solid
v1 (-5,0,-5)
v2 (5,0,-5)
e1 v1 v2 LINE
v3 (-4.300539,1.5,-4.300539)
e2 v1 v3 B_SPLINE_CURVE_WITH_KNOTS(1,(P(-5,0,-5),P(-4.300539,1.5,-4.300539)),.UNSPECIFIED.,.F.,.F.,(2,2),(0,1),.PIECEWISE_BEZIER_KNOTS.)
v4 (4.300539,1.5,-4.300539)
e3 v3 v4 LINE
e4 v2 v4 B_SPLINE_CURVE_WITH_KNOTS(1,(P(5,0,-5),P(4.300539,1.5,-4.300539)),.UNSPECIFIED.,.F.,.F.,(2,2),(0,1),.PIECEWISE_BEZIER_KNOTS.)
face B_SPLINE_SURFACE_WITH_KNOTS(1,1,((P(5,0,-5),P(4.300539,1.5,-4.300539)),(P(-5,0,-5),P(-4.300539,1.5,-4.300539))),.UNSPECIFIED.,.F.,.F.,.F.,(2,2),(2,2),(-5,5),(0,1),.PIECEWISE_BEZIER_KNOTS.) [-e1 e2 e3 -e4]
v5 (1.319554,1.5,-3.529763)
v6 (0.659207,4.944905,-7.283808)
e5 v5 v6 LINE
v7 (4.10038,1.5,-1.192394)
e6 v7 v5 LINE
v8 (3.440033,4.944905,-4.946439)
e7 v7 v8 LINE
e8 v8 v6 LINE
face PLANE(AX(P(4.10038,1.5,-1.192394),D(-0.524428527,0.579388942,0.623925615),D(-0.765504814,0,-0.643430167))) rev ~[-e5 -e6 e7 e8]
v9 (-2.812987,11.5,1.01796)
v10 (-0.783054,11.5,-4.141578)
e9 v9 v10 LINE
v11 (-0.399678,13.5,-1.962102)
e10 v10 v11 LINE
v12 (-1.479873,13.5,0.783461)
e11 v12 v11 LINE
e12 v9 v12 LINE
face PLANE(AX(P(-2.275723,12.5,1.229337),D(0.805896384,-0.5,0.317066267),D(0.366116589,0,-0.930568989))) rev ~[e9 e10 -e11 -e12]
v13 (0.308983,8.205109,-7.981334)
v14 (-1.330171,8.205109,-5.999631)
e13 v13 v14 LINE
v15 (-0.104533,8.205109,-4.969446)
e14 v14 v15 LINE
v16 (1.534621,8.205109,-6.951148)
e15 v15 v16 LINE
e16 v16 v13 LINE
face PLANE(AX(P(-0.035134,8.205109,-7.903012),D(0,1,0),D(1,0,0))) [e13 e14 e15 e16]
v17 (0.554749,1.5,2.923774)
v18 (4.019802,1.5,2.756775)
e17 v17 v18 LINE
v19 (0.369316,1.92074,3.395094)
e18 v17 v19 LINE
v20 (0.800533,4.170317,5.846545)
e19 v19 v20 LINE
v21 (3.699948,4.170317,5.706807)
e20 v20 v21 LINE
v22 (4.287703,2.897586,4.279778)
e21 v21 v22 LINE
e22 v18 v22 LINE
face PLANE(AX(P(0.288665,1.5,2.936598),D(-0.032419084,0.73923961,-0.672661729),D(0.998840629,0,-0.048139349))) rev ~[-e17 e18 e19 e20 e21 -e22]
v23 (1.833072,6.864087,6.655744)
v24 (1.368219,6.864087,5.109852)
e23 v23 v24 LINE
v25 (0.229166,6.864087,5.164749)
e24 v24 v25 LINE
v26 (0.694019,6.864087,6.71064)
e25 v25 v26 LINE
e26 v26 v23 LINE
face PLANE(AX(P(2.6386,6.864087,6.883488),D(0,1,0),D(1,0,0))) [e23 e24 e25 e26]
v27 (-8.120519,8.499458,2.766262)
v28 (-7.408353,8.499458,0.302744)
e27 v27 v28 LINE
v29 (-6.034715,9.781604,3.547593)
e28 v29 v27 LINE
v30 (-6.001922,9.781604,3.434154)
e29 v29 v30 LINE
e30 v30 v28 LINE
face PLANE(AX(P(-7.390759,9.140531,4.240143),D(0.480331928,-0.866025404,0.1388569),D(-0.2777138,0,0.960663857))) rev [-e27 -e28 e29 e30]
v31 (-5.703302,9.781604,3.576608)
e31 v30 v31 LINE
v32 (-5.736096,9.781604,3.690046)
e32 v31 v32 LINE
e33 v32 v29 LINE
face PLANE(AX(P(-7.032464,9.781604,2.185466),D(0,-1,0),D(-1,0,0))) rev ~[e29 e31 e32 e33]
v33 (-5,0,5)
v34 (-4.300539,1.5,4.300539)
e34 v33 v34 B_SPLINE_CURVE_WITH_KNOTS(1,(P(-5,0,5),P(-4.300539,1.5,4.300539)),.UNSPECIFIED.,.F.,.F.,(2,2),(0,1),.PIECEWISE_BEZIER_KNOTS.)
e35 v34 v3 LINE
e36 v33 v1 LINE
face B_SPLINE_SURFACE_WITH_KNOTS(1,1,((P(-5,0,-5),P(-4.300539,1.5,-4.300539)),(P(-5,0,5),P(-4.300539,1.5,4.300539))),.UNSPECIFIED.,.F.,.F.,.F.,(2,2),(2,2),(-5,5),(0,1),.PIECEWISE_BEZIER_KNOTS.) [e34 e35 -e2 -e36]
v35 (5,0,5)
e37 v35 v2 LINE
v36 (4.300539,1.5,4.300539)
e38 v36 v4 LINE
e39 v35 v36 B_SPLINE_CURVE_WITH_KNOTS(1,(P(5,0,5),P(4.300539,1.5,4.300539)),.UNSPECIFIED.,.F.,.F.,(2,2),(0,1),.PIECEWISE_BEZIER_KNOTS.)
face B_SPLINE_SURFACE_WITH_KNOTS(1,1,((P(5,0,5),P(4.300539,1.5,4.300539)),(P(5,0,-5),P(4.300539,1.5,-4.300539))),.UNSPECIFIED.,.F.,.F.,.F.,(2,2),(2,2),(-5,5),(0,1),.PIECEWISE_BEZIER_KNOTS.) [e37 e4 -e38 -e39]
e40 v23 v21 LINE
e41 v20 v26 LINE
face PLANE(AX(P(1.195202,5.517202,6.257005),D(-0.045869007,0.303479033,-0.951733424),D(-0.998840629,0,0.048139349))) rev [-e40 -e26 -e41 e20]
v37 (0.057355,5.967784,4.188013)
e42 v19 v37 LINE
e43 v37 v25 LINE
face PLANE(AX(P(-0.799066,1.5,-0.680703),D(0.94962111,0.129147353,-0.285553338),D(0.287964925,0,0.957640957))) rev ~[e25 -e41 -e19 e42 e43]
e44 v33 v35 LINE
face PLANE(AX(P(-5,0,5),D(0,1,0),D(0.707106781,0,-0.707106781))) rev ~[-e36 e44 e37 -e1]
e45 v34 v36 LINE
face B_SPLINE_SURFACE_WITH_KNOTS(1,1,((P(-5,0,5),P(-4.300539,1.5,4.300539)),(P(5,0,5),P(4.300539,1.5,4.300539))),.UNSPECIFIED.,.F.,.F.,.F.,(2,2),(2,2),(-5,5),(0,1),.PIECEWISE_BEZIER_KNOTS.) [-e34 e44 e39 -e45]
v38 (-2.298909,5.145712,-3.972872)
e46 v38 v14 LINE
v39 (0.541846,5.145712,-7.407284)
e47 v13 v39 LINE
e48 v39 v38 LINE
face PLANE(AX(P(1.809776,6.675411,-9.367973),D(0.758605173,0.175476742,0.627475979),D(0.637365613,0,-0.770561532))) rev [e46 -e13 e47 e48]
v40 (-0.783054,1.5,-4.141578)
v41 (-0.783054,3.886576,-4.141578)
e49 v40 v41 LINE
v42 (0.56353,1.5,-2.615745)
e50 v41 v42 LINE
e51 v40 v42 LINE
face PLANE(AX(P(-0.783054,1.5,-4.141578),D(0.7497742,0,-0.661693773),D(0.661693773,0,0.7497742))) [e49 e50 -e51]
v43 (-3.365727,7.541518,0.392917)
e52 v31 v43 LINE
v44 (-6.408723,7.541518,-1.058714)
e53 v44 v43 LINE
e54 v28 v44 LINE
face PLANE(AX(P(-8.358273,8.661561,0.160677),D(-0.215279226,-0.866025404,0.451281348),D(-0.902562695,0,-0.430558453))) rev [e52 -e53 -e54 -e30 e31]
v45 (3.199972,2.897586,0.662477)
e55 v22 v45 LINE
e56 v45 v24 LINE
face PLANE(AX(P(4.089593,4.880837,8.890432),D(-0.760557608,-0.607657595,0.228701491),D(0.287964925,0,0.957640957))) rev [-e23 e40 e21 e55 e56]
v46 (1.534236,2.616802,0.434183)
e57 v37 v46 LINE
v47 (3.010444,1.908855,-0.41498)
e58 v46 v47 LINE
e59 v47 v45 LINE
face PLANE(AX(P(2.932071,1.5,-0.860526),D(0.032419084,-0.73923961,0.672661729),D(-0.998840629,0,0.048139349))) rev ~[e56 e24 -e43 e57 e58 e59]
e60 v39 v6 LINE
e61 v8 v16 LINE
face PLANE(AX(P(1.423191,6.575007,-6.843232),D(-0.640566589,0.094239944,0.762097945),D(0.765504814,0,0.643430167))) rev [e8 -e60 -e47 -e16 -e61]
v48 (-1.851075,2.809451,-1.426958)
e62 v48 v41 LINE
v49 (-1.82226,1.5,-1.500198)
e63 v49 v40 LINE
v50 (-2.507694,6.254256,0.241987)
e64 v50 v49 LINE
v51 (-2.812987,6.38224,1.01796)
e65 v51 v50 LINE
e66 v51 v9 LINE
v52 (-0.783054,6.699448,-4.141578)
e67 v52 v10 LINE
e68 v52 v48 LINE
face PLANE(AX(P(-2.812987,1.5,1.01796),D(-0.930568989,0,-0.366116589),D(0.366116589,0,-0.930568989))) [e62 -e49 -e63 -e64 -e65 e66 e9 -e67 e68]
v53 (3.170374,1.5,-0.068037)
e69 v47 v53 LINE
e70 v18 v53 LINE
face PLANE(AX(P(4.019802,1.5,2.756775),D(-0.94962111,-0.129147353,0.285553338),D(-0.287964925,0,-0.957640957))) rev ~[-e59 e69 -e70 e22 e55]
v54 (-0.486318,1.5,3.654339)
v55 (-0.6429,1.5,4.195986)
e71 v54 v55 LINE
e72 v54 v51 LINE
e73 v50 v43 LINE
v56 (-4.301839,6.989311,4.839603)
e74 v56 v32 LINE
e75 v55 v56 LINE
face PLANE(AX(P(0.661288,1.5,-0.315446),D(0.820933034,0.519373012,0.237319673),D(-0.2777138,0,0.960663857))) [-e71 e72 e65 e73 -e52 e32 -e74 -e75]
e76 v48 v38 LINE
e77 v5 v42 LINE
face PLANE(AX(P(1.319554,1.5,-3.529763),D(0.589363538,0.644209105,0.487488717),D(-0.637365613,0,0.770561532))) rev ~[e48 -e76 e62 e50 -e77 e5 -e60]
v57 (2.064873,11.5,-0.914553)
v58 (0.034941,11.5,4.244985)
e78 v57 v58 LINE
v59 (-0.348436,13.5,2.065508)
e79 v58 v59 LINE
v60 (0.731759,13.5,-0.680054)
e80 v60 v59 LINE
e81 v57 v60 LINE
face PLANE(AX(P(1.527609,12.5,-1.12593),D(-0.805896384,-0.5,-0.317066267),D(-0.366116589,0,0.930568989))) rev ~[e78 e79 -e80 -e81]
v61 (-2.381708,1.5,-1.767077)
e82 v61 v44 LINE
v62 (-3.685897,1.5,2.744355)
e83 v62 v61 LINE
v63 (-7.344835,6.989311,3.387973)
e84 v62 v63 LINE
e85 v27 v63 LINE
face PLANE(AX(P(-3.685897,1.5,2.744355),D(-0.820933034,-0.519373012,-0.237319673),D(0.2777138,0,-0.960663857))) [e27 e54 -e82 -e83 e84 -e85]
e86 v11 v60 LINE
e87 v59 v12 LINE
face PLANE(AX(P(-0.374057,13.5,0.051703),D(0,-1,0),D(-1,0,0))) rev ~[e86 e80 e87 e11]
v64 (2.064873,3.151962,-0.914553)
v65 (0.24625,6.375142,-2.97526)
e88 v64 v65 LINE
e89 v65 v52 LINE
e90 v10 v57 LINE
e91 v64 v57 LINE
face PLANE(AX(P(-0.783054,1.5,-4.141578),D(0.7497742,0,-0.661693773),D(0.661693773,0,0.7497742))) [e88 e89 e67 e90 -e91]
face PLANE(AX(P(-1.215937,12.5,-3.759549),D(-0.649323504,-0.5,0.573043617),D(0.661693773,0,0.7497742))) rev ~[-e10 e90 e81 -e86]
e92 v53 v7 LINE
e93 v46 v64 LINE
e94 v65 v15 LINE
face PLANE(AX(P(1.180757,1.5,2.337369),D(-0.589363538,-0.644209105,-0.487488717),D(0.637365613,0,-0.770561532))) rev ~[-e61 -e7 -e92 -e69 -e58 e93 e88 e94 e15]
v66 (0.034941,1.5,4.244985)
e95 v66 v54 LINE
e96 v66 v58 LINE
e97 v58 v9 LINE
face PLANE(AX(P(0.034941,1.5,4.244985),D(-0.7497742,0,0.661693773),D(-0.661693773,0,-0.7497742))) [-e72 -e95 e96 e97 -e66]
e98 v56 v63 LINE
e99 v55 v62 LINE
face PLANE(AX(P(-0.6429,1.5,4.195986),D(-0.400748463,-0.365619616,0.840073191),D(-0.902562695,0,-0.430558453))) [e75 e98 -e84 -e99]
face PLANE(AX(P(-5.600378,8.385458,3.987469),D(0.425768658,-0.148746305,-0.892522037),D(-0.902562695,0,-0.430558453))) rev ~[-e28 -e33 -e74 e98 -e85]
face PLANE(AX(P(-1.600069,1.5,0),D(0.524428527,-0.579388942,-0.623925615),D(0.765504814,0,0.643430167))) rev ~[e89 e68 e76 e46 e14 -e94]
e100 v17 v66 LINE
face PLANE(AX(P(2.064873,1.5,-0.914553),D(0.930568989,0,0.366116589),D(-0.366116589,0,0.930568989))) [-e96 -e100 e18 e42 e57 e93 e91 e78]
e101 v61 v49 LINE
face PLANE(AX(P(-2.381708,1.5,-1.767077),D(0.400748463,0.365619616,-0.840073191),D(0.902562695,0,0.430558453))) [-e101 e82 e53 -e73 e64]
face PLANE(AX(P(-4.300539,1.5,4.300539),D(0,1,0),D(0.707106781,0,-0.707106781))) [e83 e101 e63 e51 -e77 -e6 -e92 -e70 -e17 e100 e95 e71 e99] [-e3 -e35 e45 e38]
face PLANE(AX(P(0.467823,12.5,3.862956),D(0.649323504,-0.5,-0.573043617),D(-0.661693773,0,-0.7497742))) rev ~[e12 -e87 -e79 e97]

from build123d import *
from OCP.BRepFilletAPI import BRepFilletAPI_MakeChamfer

# Parameters (mm, degrees)
SKETCH1_W           = 10
SKETCH1_H           = 10
BOSS_EXTRUDE1_DEPTH = 1.5
BOSS_EXTRUDE1_TAPER = 25
BOSS_EXTRUDE2_DEPTH = 12
CHAMFER1_SIZE       = 2
CHAMFER1_SIZE2      = 1.154700538
BOSS_EXTRUDE3_DEPTH = 10
CHAMFER2_SIZE       = 3
CHAMFER2_SIZE2      = 2.406716572
CHAMFER2_SIZE2_2    = 1.500380386
CHAMFER2_SIZE2_3    = 1.516874639
BOSS_EXTRUDE4_DEPTH = 8
BOSS_EXTRUDE5_DEPTH = 10
CHAMFER3_SIZE       = 4
CHAMFER3_SIZE2      = 2.031521954
CHAMFER3_SIZE2_2    = 2.008940765
CHAMFER3_SIZE2_3    = 2.098992436
CHAMFER3_SIZE2_4    = 2.518260147


with BuildPart() as part:
    # Sketch1 → Boss-Extrude1 (new body)
    with BuildSketch(Plane(origin=(0, 0, 0), x_dir=(1, 0, 0), z_dir=(0, 1, 0))):
        Rectangle(SKETCH1_W, SKETCH1_H)
    extrude(amount=BOSS_EXTRUDE1_DEPTH, taper=BOSS_EXTRUDE1_TAPER)

    # Sketch2 → Boss-Extrude2 (add)
    with BuildSketch(Plane(origin=(0, 1.5, 0), x_dir=(1, 0, 0), z_dir=(0, 1, 0))):
        Polygon((-2.812986954, -1.017959657), (-0.78305427, 4.14157821), (2.064873257, 0.914552857), (0.034940573, -4.24498501), align=None)
    extrude(amount=BOSS_EXTRUDE2_DEPTH)

    # Chamfer1: one chamfer whose edges measure the first distance from different faces: ONE call of the kernel's chamfer builder (chamfer() names one face for all edges)
    chamfer1_edges_1 = [part.edges().sort_by_distance(p)[0] for p in [
        (-1.389023191, 13.5, 2.631472333),
    ]]
    chamfer1_side_1 = [part.faces().sort_by_distance(p)[0] for p in [
        (-1.389023191, 7.5, 2.631472333),
    ]]
    chamfer1_edges_2 = [part.edges().sort_by_distance(p)[0] for p in [
        (1.049906915, 13.5, 1.665216077),
    ]]
    chamfer1_side_2 = [part.faces().sort_by_distance(p)[0] for p in [
        (1.049906915, 7.5, 1.665216077),
    ]]
    chamfer1_edges_3 = [part.edges().sort_by_distance(p)[0] for p in [
        (0.640909494, 13.5, -2.528065533),
    ]]
    chamfer1_side_3 = [part.faces().sort_by_distance(p)[0] for p in [
        (0.640909494, 7.5, -2.528065533),
    ]]
    chamfer1_edges_4 = [part.edges().sort_by_distance(p)[0] for p in [
        (-1.798020612, 13.5, -1.561809276),
    ]]
    chamfer1_side_4 = [part.faces().sort_by_distance(p)[0] for p in [
        (-1.798020612, 7.5, -1.561809276),
    ]]
    chamfer1 = BRepFilletAPI_MakeChamfer(part.part.solid().wrapped)
    for e in chamfer1_edges_1:
        chamfer1.Add(CHAMFER1_SIZE, CHAMFER1_SIZE2, e.wrapped, chamfer1_side_1[0].wrapped)  # the first distance lies on this face
    for e in chamfer1_edges_2:
        chamfer1.Add(CHAMFER1_SIZE, CHAMFER1_SIZE2, e.wrapped, chamfer1_side_2[0].wrapped)  # the first distance lies on this face
    for e in chamfer1_edges_3:
        chamfer1.Add(CHAMFER1_SIZE, CHAMFER1_SIZE2, e.wrapped, chamfer1_side_3[0].wrapped)  # the first distance lies on this face
    for e in chamfer1_edges_4:
        chamfer1.Add(CHAMFER1_SIZE, CHAMFER1_SIZE2, e.wrapped, chamfer1_side_4[0].wrapped)  # the first distance lies on this face
    add(Compound.cast(chamfer1.Shape()), mode=Mode.REPLACE)

    # Sketch4 → Boss-Extrude3 (add, along a direction that is not the sketch's normal)
    with BuildSketch(Plane(origin=(0, 1.5, 0), x_dir=(1, 0, 0), z_dir=(0, 1, 0))):
        Polygon((-3.685896684, -2.744355022), (-2.381707977, 1.767077084), (0.661288248, 0.315446351), (-0.642900459, -4.195985754), align=None)
    extrude(amount=BOSS_EXTRUDE3_DEPTH, dir=(-0.5520160266548657, 0.8281604089609962, 0.09710120156687128))

    # Chamfer2: one chamfer whose edges measure the first distance from different faces: ONE call of the kernel's chamfer builder (chamfer() names one face for all edges)
    chamfer2_edges_1 = [part.edges().sort_by_distance(p)[0] for p in [
        (-6.380370131, 9.78160409, -0.070249702),
    ]]
    chamfer2_side_1 = [part.faces().sort_by_distance(p)[0] for p in [
        (-7.032464485, 9.78160409, 2.185466351),
    ]]
    chamfer2_edges_2 = [part.edges().sort_by_distance(p)[0] for p in [
        (-8.553962597, 9.78160409, 1.459650985),
    ]]
    chamfer2_side_2 = [part.faces().sort_by_distance(p)[0] for p in [
        (-7.032464485, 9.78160409, 2.185466351),
    ]]
    chamfer2_edges_3 = [part.edges().sort_by_distance(p)[0] for p in [
        (-7.684558838, 9.78160409, 4.441182404),
    ]]
    chamfer2_side_3 = [part.faces().sort_by_distance(p)[0] for p in [
        (-4.924478705, 5.640802045, 3.955676396),
    ]]
    chamfer2 = BRepFilletAPI_MakeChamfer(part.part.solid().wrapped)
    for e in chamfer2_edges_1:
        chamfer2.Add(CHAMFER2_SIZE, CHAMFER2_SIZE2, e.wrapped, chamfer2_side_1[0].wrapped)  # the first distance lies on this face
    for e in chamfer2_edges_2:
        chamfer2.Add(CHAMFER2_SIZE, CHAMFER2_SIZE2_2, e.wrapped, chamfer2_side_2[0].wrapped)  # the first distance lies on this face
    for e in chamfer2_edges_3:
        chamfer2.Add(CHAMFER2_SIZE, CHAMFER2_SIZE2_3, e.wrapped, chamfer2_side_3[0].wrapped)  # the first distance lies on this face
    add(Compound.cast(chamfer2.Shape()), mode=Mode.REPLACE)

    # Sketch5 → Boss-Extrude4 (add, along a direction that is not the sketch's normal)
    with BuildSketch(Plane(origin=(0, 1.5, 0), x_dir=(1, 0, 0), z_dir=(0, 1, 0))):
        Polygon((-0.799065943, 0.680702687), (0.288664987, -2.936597885), (4.019801987, -2.756774896), (2.932071057, 0.860525676), align=None)
    extrude(amount=BOSS_EXTRUDE4_DEPTH, dir=(0.12852896278760917, 0.6705109361257466, 0.7306814560809083))

    # Sketch6 → Boss-Extrude5 (add, along a direction that is not the sketch's normal)
    with BuildSketch(Plane(origin=(0, 1.5, 0), x_dir=(1, 0, 0), z_dir=(0, 1, 0))):
        Polygon((-1.600069282, 0), (1.180756558, -2.337369015), (4.1003801, 1.192394032), (1.31955426, 3.529763047), align=None)
    extrude(amount=BOSS_EXTRUDE5_DEPTH, dir=(-0.12852896278760925, 0.6705109361257466, -0.7306814560809083))

    # Chamfer3: one chamfer whose edges measure the first distance from different faces: ONE call of the kernel's chamfer builder (chamfer() names one face for all edges)
    chamfer3_edges_1 = [part.edges().sort_by_distance(p)[0] for p in [
        (-1.425547139, 8.205109361, -9.071696084),
    ]]
    chamfer3_side_1 = [part.faces().sort_by_distance(p)[0] for p in [
        (-0.77862694, 5.370569751, -6.108006882),
    ]]
    chamfer3_edges_2 = [part.edges().sort_by_distance(p)[0] for p in [
        (1.424677552, 8.205109361, -9.6678931),
    ]]
    chamfer3_side_2 = [part.faces().sort_by_distance(p)[0] for p in [
        (2.067322366, 4.852554681, -6.01448582),
    ]]
    chamfer3_edges_3 = [part.edges().sort_by_distance(p)[0] for p in [
        (3.182465189, 6.864087489, 8.692138039),
    ]]
    chamfer3_side_3 = [part.faces().sort_by_distance(p)[0] for p in [
        (2.674699398, 4.189172634, 5.776940656),
    ]]
    chamfer3_edges_4 = [part.edges().sort_by_distance(p)[0] for p in [
        (4.504168224, 6.864087489, 6.793576259),
    ]]
    chamfer3_side_4 = [part.faces().sort_by_distance(p)[0] for p in [
        (3.998071432, 4.203478125, 3.907212333),
    ]]
    chamfer3 = BRepFilletAPI_MakeChamfer(part.part.solid().wrapped)
    for e in chamfer3_edges_1:
        chamfer3.Add(CHAMFER3_SIZE, CHAMFER3_SIZE2, e.wrapped, chamfer3_side_1[0].wrapped)  # the first distance lies on this face
    for e in chamfer3_edges_2:
        chamfer3.Add(CHAMFER3_SIZE, CHAMFER3_SIZE2_2, e.wrapped, chamfer3_side_2[0].wrapped)  # the first distance lies on this face
    for e in chamfer3_edges_3:
        chamfer3.Add(CHAMFER3_SIZE, CHAMFER3_SIZE2_3, e.wrapped, chamfer3_side_3[0].wrapped)  # the first distance lies on this face
    for e in chamfer3_edges_4:
        chamfer3.Add(CHAMFER3_SIZE, CHAMFER3_SIZE2_4, e.wrapped, chamfer3_side_4[0].wrapped)  # the first distance lies on this face
    add(Compound.cast(chamfer3.Shape()), mode=Mode.REPLACE)


solid = part.part
